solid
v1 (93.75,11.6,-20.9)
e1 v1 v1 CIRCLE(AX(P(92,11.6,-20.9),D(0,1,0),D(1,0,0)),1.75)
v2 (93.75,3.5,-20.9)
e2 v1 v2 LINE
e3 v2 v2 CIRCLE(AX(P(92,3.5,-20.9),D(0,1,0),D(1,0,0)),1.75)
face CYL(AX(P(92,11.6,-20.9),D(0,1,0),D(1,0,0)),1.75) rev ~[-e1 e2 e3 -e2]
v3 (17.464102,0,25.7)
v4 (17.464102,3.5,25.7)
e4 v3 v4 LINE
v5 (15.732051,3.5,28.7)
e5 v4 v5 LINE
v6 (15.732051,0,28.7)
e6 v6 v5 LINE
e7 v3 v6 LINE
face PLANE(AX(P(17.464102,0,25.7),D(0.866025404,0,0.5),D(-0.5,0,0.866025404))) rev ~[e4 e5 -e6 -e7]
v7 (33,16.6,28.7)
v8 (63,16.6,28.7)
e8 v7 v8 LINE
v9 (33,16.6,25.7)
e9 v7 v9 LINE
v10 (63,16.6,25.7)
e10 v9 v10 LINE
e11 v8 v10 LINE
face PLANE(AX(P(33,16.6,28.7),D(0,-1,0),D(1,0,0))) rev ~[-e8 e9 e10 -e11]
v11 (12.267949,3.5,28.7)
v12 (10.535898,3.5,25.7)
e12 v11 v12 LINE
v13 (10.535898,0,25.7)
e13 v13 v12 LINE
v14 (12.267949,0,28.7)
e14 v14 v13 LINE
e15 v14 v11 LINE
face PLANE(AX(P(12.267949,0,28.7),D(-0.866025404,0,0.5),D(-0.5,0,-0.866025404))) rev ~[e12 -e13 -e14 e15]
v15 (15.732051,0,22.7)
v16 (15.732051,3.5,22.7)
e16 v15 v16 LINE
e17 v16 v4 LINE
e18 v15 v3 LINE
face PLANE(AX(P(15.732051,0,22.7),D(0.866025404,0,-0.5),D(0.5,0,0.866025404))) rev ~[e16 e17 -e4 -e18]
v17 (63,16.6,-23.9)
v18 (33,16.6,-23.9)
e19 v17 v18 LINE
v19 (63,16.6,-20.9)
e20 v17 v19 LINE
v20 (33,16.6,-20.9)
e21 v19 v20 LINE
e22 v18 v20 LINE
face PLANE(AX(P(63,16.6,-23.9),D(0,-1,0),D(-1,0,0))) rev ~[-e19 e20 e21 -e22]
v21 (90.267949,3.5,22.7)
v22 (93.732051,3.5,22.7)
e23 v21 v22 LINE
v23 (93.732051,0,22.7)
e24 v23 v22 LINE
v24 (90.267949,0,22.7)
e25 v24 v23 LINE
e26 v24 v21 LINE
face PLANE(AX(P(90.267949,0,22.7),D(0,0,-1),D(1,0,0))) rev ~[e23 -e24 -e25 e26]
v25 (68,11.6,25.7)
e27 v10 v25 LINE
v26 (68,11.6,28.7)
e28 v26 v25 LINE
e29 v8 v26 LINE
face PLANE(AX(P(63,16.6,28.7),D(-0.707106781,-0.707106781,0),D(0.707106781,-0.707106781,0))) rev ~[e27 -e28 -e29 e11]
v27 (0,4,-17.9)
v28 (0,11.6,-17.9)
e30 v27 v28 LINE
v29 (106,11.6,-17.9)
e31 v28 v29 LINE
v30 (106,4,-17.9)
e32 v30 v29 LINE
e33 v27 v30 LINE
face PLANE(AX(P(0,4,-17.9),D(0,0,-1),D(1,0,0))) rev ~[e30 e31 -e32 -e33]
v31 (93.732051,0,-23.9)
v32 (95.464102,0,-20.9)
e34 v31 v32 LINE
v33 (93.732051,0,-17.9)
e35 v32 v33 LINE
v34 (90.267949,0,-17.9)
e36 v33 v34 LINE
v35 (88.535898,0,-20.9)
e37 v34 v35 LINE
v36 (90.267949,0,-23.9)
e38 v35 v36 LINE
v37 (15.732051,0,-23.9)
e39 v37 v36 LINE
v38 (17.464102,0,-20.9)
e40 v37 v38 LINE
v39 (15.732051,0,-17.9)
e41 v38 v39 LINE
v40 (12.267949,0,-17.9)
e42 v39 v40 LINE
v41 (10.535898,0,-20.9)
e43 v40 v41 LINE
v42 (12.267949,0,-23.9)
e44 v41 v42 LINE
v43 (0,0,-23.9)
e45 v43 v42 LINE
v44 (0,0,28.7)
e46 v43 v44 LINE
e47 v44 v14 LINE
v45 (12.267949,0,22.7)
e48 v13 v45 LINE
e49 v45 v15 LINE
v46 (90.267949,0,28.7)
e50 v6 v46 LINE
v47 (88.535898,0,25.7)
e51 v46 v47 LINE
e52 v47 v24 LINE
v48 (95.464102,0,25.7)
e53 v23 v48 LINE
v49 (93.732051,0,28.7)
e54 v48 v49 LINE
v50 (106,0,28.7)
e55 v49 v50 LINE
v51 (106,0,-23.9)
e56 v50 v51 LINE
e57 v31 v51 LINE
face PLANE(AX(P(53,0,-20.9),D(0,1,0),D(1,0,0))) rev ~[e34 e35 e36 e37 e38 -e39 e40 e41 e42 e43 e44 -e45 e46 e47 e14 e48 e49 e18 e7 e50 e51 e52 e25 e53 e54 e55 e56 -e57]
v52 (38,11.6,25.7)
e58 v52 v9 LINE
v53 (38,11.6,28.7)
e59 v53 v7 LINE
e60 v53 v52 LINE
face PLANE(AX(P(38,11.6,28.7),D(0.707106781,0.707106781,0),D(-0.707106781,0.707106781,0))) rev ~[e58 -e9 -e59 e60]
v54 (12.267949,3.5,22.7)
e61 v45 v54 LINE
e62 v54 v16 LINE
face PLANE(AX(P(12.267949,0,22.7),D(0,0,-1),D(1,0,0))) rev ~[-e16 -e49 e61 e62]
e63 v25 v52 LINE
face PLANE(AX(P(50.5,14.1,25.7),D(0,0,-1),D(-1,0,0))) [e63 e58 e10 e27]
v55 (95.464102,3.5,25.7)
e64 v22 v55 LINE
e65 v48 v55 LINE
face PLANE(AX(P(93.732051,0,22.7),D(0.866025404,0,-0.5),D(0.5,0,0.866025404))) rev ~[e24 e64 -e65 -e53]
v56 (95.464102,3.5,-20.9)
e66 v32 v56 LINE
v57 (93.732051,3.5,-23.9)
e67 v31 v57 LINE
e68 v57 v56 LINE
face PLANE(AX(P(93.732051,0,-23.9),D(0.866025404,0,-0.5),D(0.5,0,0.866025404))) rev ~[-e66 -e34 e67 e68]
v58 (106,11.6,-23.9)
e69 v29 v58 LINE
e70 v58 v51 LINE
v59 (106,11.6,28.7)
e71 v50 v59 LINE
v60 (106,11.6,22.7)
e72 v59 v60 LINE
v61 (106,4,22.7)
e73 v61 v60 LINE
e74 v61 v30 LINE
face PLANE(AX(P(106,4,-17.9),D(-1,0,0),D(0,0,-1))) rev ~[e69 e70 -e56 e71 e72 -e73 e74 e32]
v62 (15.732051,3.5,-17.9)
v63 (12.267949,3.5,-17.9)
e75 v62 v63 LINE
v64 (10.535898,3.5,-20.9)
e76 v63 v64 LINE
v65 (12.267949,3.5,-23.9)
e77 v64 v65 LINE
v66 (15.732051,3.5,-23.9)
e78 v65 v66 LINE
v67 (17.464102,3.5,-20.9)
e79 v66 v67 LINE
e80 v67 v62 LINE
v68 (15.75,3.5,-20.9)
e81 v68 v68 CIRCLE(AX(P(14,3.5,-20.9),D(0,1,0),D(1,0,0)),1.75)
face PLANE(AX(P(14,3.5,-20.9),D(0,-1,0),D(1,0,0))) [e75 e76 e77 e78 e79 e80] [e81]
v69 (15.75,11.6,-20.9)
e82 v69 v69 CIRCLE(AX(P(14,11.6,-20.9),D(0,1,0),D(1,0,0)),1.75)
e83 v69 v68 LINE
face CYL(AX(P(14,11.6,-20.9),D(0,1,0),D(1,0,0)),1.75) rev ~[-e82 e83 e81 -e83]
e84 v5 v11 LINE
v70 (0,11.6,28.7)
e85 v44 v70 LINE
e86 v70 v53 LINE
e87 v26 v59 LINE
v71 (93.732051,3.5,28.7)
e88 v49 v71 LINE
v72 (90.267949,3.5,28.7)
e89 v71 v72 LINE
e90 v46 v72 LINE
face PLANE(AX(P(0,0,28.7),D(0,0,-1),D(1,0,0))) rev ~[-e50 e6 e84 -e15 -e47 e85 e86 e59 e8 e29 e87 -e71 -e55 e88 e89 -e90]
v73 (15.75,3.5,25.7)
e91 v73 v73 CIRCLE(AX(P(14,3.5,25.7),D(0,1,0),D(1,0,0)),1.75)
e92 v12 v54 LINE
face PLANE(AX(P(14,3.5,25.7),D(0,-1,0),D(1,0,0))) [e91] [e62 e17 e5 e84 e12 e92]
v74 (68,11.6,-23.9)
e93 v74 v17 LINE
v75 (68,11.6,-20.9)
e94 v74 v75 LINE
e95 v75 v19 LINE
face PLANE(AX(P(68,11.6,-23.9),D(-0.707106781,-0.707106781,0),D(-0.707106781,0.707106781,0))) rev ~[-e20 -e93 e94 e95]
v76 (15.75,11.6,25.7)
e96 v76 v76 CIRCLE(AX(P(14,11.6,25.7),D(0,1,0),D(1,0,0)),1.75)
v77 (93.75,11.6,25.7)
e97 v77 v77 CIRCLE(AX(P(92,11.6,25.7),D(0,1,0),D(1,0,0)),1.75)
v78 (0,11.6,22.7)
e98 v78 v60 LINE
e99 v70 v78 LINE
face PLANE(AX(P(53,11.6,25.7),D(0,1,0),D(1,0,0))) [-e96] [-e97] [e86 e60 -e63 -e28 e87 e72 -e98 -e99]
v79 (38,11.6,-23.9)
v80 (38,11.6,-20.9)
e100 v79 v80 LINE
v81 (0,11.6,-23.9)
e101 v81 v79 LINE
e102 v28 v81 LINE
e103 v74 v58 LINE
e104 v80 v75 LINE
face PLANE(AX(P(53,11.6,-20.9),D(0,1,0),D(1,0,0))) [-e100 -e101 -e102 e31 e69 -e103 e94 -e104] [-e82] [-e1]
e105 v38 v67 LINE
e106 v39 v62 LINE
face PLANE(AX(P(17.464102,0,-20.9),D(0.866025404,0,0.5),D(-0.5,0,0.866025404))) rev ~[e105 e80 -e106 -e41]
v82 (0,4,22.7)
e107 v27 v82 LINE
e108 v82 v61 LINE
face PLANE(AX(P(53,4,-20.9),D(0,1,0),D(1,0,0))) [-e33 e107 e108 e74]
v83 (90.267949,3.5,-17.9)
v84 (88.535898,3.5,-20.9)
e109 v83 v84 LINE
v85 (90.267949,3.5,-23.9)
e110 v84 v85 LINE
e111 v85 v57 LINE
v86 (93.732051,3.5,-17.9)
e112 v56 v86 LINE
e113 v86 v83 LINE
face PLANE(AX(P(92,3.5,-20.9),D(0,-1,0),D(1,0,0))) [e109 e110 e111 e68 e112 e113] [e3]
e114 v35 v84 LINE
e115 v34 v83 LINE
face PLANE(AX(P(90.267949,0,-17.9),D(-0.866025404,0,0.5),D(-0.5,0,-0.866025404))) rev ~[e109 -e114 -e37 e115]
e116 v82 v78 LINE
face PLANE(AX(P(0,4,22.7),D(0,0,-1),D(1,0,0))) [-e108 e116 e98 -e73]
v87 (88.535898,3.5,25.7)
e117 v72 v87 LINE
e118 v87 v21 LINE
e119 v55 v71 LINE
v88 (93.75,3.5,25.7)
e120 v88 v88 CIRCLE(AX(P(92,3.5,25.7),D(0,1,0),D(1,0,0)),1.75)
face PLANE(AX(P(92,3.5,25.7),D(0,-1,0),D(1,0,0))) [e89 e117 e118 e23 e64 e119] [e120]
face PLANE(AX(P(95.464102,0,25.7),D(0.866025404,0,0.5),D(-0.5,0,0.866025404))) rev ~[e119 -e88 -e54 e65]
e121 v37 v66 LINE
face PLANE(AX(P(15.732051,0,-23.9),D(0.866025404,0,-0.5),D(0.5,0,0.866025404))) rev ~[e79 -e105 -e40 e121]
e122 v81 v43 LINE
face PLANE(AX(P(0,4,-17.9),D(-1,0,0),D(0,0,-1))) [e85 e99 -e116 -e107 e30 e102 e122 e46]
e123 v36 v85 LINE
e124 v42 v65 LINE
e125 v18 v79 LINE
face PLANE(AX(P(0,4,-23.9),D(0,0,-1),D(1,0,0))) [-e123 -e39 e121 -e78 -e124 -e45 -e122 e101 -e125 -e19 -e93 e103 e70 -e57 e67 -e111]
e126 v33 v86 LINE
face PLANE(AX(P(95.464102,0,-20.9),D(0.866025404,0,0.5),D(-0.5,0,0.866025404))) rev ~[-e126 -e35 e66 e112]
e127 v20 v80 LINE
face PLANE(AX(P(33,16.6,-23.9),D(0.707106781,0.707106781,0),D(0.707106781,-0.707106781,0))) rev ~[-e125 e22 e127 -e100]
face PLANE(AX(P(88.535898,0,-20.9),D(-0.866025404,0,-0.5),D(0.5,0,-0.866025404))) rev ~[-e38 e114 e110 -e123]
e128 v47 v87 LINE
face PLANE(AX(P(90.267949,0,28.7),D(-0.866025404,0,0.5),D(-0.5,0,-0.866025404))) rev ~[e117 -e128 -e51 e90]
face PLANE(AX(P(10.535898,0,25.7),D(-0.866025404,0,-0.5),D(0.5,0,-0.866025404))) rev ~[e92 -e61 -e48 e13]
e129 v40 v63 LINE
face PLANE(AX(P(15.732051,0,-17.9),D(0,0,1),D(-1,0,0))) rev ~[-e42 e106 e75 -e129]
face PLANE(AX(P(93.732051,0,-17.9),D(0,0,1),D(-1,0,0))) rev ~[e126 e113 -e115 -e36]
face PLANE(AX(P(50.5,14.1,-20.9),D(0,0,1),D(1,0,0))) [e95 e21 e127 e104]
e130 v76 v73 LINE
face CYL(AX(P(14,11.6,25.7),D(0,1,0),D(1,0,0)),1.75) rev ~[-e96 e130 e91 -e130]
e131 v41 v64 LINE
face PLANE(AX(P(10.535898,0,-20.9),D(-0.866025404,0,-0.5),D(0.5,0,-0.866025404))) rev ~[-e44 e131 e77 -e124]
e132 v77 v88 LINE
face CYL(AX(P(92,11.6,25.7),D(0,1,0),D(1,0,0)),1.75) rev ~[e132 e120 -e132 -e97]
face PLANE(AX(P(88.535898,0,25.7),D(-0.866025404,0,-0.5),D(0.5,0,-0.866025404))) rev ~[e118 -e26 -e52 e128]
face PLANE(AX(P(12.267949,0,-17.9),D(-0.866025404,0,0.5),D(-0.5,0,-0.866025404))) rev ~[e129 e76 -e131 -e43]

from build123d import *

# Parameters (mm, degrees)
SKETCH1_W           = 106
SKETCH1_H           = 6
SKETCH1_H_2         = 9.4
SKETCH1_H_3         = 8.5
SKETCH1_H_4         = 4.8
BOSS_EXTRUDE4_DEPTH = 4
SKETCH5_W           = 106
SKETCH5_H           = 6
BOSS_EXTRUDE5_DEPTH = 7.6
SKETCH4_W           = 106
SKETCH4_H           = 6
BOSS_EXTRUDE6_DEPTH = 7.6
SKETCH6_R           = 1.75
CUT_EXTRUDE1_DEPTH  = 20
CUT_EXTRUDE3_DEPTH  = 3.5
BOSS_EXTRUDE8_DEPTH = 3
BOSS_EXTRUDE9_DEPTH = 3


with BuildPart() as part:
    # Sketch1 → Boss-Extrude4 (new body)
    with BuildSketch(Plane(origin=(0, 0, 0), x_dir=(1, 0, 0), z_dir=(0, 1, 0))):
        with Locations((53, 20.9)):
            Rectangle(SKETCH1_W, SKETCH1_H)
        with Locations((53, 13.2)):
            Rectangle(SKETCH1_W, SKETCH1_H_2)
        with Locations((53, 4.25)):
            Rectangle(SKETCH1_W, SKETCH1_H_3)
        with Locations((53, -2.4)):
            Rectangle(SKETCH1_W, SKETCH1_H_4)
        with Locations((53, -9.05)):
            Rectangle(SKETCH1_W, SKETCH1_H_3)
        with Locations((53, -18)):
            Rectangle(SKETCH1_W, SKETCH1_H_2)
        with Locations((53, -25.7)):
            Rectangle(SKETCH1_W, SKETCH1_H)
    extrude(amount=BOSS_EXTRUDE4_DEPTH)

    # Sketch5 → Boss-Extrude5 (add)
    with BuildSketch(Plane(origin=(0, 4, 0), x_dir=(1, 0, 0), z_dir=(0, 1, 0))):
        with Locations((53, 20.9)):
            Rectangle(SKETCH5_W, SKETCH5_H)
        with Locations((53, -25.7)):
            Rectangle(SKETCH5_W, SKETCH5_H)
    extrude(amount=BOSS_EXTRUDE5_DEPTH)

    # Sketch4 → Boss-Extrude6 (add)
    with BuildSketch(Plane(origin=(0, 4, 0), x_dir=(1, 0, 0), z_dir=(0, 1, 0))):
        with Locations((53, 20.9)):
            Rectangle(SKETCH4_W, SKETCH4_H)
        with Locations((53, -25.7)):
            Rectangle(SKETCH4_W, SKETCH4_H)
    extrude(amount=BOSS_EXTRUDE6_DEPTH)

    # Sketch6 → Cut-Extrude1 (cut)
    with BuildSketch(Plane(origin=(0, 11.6, 0), x_dir=(1, 0, 0), z_dir=(0, 1, 0))):
        with Locations((92, 20.9)):
            Circle(SKETCH6_R)
        with Locations((92, -25.7)):
            Circle(SKETCH6_R)
        with Locations((14, 20.9)):
            Circle(SKETCH6_R)
        with Locations((14, -25.7)):
            Circle(SKETCH6_R)
    extrude(amount=-CUT_EXTRUDE1_DEPTH, mode=Mode.SUBTRACT)

    # Sketch7 → Cut-Extrude3 (cut)
    with BuildSketch(Plane.XZ):
        Polygon((17.464101615, 25.7), (15.732050808, 28.7), (12.267949192, 28.7), (10.535898385, 25.7), (12.267949192, 22.7), (15.732050808, 22.7), align=None)
        Polygon((95.464101615, 25.7), (93.732050808, 28.7), (90.267949192, 28.7), (88.535898385, 25.7), (90.267949192, 22.7), (93.732050808, 22.7), align=None)
        Polygon((17.464101615, -20.9), (15.732050808, -17.9), (12.267949192, -17.9), (10.535898385, -20.9), (12.267949192, -23.9), (15.732050808, -23.9), align=None)
        Polygon((95.464101615, -20.9), (93.732050808, -17.9), (90.267949192, -17.9), (88.535898385, -20.9), (90.267949192, -23.9), (93.732050808, -23.9), align=None)
    extrude(amount=-CUT_EXTRUDE3_DEPTH, mode=Mode.SUBTRACT)

    # Sketch8 → Boss-Extrude8 (add)
    with BuildSketch(Plane.XY.offset(28.7)):
        Polygon((38, 11.6), (33, 16.6), (63, 16.6), (68, 11.6), align=None)
    extrude(amount=-BOSS_EXTRUDE8_DEPTH)

    # Sketch9 → Boss-Extrude9 (add)
    with BuildSketch(Plane(origin=(0, 0, -23.9), x_dir=(-1, 0, 0), z_dir=(0, 0, -1))):
        Polygon((-68, 11.6), (-63, 16.6), (-33, 16.6), (-38, 11.6), align=None)
    extrude(amount=-BOSS_EXTRUDE9_DEPTH)


solid = part.part
